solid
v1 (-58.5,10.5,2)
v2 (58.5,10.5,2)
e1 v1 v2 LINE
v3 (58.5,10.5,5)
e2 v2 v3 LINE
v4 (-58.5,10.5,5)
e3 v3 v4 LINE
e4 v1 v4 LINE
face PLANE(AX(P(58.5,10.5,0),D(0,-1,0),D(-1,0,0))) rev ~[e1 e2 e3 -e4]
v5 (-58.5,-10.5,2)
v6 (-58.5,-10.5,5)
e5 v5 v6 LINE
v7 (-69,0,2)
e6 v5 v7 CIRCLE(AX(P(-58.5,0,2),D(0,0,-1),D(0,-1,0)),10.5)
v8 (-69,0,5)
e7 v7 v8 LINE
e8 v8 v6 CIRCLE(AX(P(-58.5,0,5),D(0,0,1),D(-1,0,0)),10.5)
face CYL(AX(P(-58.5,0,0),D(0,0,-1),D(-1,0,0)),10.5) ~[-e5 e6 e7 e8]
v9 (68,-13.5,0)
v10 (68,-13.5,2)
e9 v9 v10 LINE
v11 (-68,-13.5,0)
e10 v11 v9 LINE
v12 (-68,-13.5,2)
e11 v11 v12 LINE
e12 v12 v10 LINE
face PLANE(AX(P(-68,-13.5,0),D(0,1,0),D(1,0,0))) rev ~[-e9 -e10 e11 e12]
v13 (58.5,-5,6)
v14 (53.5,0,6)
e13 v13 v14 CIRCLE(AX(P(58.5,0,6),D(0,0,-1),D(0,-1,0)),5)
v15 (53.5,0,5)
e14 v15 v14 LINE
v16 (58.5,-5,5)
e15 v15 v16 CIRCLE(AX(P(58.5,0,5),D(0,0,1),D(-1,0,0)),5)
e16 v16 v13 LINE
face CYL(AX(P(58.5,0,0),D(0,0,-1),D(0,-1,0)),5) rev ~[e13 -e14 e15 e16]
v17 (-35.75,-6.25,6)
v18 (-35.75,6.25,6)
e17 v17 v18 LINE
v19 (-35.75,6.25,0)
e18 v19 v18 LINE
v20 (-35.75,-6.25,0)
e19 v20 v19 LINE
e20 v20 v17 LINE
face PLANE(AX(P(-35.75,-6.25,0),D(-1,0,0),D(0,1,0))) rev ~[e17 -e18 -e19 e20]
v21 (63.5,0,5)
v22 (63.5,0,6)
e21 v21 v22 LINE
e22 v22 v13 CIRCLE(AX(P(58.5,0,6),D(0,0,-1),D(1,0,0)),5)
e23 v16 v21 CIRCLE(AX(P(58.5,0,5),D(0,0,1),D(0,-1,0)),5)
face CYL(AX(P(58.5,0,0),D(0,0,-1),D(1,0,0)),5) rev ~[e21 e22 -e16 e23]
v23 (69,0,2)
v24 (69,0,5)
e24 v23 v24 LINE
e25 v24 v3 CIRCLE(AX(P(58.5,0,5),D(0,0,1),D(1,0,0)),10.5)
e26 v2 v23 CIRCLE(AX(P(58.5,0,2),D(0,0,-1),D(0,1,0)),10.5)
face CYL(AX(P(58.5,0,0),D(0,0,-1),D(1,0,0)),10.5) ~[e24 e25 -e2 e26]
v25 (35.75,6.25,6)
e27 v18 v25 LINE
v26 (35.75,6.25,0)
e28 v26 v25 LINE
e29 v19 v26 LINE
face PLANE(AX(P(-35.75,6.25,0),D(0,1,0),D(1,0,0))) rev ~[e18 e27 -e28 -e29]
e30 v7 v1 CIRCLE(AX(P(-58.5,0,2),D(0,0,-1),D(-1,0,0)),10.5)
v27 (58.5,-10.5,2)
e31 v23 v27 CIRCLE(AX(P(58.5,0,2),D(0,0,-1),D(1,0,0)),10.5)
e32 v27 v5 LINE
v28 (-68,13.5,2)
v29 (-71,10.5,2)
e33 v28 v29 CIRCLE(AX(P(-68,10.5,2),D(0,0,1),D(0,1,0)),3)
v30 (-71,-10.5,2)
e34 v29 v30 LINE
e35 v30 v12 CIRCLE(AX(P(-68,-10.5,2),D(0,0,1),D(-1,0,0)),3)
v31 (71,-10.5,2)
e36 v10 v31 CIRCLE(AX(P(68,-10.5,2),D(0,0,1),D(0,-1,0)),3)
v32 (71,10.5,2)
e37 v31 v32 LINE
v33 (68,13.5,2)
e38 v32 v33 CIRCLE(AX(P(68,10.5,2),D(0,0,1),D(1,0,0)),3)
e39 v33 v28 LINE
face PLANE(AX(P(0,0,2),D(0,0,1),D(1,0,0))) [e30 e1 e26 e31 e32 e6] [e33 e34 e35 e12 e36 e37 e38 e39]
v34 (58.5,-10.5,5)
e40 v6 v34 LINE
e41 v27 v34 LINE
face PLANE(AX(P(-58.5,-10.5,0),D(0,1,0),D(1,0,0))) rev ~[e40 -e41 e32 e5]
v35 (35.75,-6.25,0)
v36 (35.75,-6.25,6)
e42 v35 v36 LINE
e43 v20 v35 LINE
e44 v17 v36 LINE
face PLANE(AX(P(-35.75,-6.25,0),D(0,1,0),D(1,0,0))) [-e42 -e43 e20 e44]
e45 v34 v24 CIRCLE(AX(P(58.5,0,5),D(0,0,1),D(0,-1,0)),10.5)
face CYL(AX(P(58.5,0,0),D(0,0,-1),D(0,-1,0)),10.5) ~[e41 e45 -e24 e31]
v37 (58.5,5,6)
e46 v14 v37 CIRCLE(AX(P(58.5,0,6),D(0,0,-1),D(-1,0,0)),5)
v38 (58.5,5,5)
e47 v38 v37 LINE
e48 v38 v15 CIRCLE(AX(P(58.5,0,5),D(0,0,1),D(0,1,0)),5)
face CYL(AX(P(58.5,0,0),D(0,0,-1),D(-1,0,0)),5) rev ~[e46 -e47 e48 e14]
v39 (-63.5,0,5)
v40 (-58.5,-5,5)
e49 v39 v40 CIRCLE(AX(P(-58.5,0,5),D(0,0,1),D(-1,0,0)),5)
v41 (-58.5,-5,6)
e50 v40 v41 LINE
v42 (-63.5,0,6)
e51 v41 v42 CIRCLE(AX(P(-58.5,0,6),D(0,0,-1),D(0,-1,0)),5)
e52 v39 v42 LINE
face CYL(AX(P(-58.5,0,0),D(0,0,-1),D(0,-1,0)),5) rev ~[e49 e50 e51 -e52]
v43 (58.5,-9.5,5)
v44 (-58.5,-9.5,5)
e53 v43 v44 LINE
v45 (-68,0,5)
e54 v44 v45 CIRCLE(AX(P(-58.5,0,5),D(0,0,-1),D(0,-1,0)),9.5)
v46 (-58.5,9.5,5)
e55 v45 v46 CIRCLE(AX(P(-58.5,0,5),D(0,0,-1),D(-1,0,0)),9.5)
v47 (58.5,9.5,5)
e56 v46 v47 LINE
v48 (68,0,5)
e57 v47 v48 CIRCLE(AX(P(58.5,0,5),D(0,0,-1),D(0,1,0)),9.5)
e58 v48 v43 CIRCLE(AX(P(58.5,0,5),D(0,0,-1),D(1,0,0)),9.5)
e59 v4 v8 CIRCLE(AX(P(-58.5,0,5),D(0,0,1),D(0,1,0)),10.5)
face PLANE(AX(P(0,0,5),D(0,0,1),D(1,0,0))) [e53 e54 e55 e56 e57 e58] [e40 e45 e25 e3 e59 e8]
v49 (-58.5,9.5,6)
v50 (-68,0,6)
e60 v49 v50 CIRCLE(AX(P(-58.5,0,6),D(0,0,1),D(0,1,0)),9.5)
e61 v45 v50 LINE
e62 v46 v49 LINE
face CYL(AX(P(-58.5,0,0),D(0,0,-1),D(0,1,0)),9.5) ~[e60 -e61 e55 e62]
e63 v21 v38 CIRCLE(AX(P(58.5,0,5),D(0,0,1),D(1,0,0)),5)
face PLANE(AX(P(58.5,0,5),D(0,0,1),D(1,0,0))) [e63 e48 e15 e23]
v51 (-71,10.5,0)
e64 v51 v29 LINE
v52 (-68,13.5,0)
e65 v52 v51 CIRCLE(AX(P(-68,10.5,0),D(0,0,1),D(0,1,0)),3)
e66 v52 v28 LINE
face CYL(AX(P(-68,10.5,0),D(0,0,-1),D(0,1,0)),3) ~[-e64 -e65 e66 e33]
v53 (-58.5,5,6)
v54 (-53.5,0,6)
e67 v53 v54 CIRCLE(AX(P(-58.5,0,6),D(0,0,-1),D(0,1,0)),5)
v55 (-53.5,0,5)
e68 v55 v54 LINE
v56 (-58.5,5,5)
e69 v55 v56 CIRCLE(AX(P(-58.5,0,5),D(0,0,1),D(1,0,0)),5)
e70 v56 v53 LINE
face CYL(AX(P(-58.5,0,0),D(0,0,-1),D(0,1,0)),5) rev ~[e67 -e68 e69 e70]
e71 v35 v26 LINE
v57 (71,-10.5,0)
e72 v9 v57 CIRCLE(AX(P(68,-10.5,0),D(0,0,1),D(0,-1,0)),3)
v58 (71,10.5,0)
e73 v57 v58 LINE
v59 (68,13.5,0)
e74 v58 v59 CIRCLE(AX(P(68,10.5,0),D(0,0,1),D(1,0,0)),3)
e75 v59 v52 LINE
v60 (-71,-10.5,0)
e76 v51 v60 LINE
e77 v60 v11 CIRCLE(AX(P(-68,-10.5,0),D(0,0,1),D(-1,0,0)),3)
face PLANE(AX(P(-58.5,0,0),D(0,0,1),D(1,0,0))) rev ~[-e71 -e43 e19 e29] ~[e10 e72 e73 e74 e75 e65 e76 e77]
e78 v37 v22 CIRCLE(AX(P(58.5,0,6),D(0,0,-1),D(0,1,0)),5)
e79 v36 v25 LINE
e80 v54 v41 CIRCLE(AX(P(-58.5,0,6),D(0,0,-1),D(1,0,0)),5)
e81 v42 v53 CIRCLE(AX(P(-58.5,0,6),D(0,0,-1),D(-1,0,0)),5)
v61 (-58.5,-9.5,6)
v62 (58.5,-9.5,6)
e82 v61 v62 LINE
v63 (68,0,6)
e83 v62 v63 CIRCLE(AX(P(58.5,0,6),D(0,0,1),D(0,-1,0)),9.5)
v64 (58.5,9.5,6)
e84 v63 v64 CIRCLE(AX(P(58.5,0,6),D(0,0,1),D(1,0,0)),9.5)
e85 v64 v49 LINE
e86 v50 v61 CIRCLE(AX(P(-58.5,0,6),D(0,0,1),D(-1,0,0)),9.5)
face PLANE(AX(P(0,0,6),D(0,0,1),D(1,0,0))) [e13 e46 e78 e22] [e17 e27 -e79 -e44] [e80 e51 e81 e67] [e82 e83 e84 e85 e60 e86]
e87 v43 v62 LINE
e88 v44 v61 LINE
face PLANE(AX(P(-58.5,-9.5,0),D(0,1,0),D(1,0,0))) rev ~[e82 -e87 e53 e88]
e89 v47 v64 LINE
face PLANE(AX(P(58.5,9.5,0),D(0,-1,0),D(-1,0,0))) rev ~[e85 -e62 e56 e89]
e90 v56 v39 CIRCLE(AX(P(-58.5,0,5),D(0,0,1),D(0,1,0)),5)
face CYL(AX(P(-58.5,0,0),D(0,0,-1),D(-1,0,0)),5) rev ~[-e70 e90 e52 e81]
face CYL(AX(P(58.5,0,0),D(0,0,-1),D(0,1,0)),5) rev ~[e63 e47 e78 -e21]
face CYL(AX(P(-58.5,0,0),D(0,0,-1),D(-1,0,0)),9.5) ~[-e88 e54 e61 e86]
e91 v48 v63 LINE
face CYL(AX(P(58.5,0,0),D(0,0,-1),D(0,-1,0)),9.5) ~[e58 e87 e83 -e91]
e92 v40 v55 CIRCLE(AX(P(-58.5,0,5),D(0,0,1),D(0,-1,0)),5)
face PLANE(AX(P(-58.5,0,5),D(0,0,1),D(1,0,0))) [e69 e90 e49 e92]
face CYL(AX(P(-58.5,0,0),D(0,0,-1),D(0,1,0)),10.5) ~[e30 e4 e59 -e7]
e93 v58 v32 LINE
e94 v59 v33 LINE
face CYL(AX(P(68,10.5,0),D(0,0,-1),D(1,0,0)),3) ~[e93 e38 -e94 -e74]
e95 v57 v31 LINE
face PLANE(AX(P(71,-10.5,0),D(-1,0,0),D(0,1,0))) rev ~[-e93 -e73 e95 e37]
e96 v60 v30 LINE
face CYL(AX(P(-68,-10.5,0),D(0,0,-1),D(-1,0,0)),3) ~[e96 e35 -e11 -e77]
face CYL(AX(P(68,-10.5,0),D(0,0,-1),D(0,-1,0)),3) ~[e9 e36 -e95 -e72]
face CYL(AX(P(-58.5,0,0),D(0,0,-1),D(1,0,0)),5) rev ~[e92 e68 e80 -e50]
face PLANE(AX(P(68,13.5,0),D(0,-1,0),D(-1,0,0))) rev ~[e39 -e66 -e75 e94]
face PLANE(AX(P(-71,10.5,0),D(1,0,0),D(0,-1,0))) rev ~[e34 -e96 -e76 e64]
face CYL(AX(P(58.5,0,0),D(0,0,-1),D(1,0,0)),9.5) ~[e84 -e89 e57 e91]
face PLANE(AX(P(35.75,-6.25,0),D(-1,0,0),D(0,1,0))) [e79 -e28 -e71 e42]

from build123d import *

# Parameters (mm, degrees)
F1_DEPTH = 2
F0_W     = 71.5
F0_H     = 12.5
F2_DEPTH = 6
F3_DEPTH = 5
F4_DEPTH = 5


with BuildPart() as f1:
    # F0 (on Top) → F1 (new body)
    with BuildSketch(Plane.XY):
        with BuildLine():
            Line((-71, 10.5), (-71, -10.5))
            ThreePointArc((-71, -10.5), (-70.1213203436, -12.6213203436), (-68, -13.5))
            Line((-68, -13.5), (68, -13.5))
            ThreePointArc((68, -13.5), (70.1213203436, -12.6213203436), (71, -10.5))
            Line((71, -10.5), (71, 10.5))
            ThreePointArc((71, 10.5), (70.1213203436, 12.6213203436), (68, 13.5))
            Line((68, 13.5), (-68, 13.5))
            ThreePointArc((-68, 13.5), (-70.1213203436, 12.6213203436), (-71, 10.5))
        make_face()
        with BuildLine():
            Line((58.5, -10.5), (-58.5, -10.5))
            ThreePointArc((-58.5, -10.5), (-65.9246212025, -7.4246212025), (-69, 0))
            ThreePointArc((-69, 0), (-65.9246212025, 7.4246212025), (-58.5, 10.5))
            Line((-58.5, 10.5), (58.5, 10.5))
            ThreePointArc((58.5, 10.5), (65.9246212025, 7.4246212025), (69, 0))
            ThreePointArc((69, 0), (65.9246212025, -7.4246212025), (58.5, -10.5))
        make_face(mode=Mode.SUBTRACT)
    extrude(amount=F1_DEPTH)



with BuildPart() as f2:
    # F0 (on Top) → F2 (new body)
    with BuildSketch(Plane.XY):
        with BuildLine():
            ThreePointArc((-68, 0), (-65.2175144213, -6.7175144213), (-58.5, -9.5))
            Line((-58.5, -9.5), (58.5, -9.5))
            ThreePointArc((58.5, -9.5), (65.2175144213, -6.7175144213), (68, 0))
            ThreePointArc((68, 0), (65.2175144213, 6.7175144213), (58.5, 9.5))
            Line((58.5, 9.5), (-58.5, 9.5))
            ThreePointArc((-58.5, 9.5), (-65.2175144213, 6.7175144213), (-68, 0))
        make_face()
        with BuildLine():
            ThreePointArc((-63.5, 0), (-62.0355339059, 3.5355339059), (-58.5, 5))
            ThreePointArc((-58.5, 5), (-54.9644660941, 3.5355339059), (-53.5, 0))
            ThreePointArc((-53.5, 0), (-54.9644660941, -3.5355339059), (-58.5, -5))
            ThreePointArc((-58.5, -5), (-62.0355339059, -3.5355339059), (-63.5, 0))
        make_face(mode=Mode.SUBTRACT)
        Rectangle(F0_W, F0_H, mode=Mode.SUBTRACT)
        with BuildLine():
            ThreePointArc((53.5, 0), (54.9644660941, 3.5355339059), (58.5, 5))
            ThreePointArc((58.5, 5), (62.0355339059, 3.5355339059), (63.5, 0))
            ThreePointArc((63.5, 0), (62.0355339059, -3.5355339059), (58.5, -5))
            ThreePointArc((58.5, -5), (54.9644660941, -3.5355339059), (53.5, 0))
        make_face(mode=Mode.SUBTRACT)
    extrude(amount=F2_DEPTH)


with BuildPart() as f1_1:
    add(f1.part)

    add(f2.part)  # F3 merges F2
    # F0 (on Top) → F3 (join)
    with BuildSketch(Plane.XY):
        with BuildLine():
            ThreePointArc((-69, 0), (-65.9246212025, -7.4246212025), (-58.5, -10.5))
            Line((-58.5, -10.5), (58.5, -10.5))
            ThreePointArc((58.5, -10.5), (65.9246212025, -7.4246212025), (69, 0))
            ThreePointArc((69, 0), (65.9246212025, 7.4246212025), (58.5, 10.5))
            Line((58.5, 10.5), (-58.5, 10.5))
            ThreePointArc((-58.5, 10.5), (-65.9246212025, 7.4246212025), (-69, 0))
        make_face()
        with BuildLine():
            Line((58.5, -9.5), (-58.5, -9.5))
            ThreePointArc((-58.5, -9.5), (-65.2175144213, -6.7175144213), (-68, 0))
            ThreePointArc((-68, 0), (-65.2175144213, 6.7175144213), (-58.5, 9.5))
            Line((-58.5, 9.5), (58.5, 9.5))
            ThreePointArc((58.5, 9.5), (65.2175144213, 6.7175144213), (68, 0))
            ThreePointArc((68, 0), (65.2175144213, -6.7175144213), (58.5, -9.5))
        make_face(mode=Mode.SUBTRACT)
    extrude(amount=F3_DEPTH)

    # F0 (on Top) → F4 (join)
    with BuildSketch(Plane.XY):
        with BuildLine():
            ThreePointArc((-53.5, 0), (-54.9644660941, 3.5355339059), (-58.5, 5))
            ThreePointArc((-58.5, 5), (-62.0355339059, 3.5355339059), (-63.5, 0))
            ThreePointArc((-63.5, 0), (-62.0355339059, -3.5355339059), (-58.5, -5))
            ThreePointArc((-58.5, -5), (-54.9644660941, -3.5355339059), (-53.5, 0))
        make_face()
        with BuildLine():
            ThreePointArc((63.5, 0), (62.0355339059, 3.5355339059), (58.5, 5))
            ThreePointArc((58.5, 5), (54.9644660941, 3.5355339059), (53.5, 0))
            ThreePointArc((53.5, 0), (54.9644660941, -3.5355339059), (58.5, -5))
            ThreePointArc((58.5, -5), (62.0355339059, -3.5355339059), (63.5, 0))
        make_face()
    extrude(amount=F4_DEPTH)


solid = f1_1.part
